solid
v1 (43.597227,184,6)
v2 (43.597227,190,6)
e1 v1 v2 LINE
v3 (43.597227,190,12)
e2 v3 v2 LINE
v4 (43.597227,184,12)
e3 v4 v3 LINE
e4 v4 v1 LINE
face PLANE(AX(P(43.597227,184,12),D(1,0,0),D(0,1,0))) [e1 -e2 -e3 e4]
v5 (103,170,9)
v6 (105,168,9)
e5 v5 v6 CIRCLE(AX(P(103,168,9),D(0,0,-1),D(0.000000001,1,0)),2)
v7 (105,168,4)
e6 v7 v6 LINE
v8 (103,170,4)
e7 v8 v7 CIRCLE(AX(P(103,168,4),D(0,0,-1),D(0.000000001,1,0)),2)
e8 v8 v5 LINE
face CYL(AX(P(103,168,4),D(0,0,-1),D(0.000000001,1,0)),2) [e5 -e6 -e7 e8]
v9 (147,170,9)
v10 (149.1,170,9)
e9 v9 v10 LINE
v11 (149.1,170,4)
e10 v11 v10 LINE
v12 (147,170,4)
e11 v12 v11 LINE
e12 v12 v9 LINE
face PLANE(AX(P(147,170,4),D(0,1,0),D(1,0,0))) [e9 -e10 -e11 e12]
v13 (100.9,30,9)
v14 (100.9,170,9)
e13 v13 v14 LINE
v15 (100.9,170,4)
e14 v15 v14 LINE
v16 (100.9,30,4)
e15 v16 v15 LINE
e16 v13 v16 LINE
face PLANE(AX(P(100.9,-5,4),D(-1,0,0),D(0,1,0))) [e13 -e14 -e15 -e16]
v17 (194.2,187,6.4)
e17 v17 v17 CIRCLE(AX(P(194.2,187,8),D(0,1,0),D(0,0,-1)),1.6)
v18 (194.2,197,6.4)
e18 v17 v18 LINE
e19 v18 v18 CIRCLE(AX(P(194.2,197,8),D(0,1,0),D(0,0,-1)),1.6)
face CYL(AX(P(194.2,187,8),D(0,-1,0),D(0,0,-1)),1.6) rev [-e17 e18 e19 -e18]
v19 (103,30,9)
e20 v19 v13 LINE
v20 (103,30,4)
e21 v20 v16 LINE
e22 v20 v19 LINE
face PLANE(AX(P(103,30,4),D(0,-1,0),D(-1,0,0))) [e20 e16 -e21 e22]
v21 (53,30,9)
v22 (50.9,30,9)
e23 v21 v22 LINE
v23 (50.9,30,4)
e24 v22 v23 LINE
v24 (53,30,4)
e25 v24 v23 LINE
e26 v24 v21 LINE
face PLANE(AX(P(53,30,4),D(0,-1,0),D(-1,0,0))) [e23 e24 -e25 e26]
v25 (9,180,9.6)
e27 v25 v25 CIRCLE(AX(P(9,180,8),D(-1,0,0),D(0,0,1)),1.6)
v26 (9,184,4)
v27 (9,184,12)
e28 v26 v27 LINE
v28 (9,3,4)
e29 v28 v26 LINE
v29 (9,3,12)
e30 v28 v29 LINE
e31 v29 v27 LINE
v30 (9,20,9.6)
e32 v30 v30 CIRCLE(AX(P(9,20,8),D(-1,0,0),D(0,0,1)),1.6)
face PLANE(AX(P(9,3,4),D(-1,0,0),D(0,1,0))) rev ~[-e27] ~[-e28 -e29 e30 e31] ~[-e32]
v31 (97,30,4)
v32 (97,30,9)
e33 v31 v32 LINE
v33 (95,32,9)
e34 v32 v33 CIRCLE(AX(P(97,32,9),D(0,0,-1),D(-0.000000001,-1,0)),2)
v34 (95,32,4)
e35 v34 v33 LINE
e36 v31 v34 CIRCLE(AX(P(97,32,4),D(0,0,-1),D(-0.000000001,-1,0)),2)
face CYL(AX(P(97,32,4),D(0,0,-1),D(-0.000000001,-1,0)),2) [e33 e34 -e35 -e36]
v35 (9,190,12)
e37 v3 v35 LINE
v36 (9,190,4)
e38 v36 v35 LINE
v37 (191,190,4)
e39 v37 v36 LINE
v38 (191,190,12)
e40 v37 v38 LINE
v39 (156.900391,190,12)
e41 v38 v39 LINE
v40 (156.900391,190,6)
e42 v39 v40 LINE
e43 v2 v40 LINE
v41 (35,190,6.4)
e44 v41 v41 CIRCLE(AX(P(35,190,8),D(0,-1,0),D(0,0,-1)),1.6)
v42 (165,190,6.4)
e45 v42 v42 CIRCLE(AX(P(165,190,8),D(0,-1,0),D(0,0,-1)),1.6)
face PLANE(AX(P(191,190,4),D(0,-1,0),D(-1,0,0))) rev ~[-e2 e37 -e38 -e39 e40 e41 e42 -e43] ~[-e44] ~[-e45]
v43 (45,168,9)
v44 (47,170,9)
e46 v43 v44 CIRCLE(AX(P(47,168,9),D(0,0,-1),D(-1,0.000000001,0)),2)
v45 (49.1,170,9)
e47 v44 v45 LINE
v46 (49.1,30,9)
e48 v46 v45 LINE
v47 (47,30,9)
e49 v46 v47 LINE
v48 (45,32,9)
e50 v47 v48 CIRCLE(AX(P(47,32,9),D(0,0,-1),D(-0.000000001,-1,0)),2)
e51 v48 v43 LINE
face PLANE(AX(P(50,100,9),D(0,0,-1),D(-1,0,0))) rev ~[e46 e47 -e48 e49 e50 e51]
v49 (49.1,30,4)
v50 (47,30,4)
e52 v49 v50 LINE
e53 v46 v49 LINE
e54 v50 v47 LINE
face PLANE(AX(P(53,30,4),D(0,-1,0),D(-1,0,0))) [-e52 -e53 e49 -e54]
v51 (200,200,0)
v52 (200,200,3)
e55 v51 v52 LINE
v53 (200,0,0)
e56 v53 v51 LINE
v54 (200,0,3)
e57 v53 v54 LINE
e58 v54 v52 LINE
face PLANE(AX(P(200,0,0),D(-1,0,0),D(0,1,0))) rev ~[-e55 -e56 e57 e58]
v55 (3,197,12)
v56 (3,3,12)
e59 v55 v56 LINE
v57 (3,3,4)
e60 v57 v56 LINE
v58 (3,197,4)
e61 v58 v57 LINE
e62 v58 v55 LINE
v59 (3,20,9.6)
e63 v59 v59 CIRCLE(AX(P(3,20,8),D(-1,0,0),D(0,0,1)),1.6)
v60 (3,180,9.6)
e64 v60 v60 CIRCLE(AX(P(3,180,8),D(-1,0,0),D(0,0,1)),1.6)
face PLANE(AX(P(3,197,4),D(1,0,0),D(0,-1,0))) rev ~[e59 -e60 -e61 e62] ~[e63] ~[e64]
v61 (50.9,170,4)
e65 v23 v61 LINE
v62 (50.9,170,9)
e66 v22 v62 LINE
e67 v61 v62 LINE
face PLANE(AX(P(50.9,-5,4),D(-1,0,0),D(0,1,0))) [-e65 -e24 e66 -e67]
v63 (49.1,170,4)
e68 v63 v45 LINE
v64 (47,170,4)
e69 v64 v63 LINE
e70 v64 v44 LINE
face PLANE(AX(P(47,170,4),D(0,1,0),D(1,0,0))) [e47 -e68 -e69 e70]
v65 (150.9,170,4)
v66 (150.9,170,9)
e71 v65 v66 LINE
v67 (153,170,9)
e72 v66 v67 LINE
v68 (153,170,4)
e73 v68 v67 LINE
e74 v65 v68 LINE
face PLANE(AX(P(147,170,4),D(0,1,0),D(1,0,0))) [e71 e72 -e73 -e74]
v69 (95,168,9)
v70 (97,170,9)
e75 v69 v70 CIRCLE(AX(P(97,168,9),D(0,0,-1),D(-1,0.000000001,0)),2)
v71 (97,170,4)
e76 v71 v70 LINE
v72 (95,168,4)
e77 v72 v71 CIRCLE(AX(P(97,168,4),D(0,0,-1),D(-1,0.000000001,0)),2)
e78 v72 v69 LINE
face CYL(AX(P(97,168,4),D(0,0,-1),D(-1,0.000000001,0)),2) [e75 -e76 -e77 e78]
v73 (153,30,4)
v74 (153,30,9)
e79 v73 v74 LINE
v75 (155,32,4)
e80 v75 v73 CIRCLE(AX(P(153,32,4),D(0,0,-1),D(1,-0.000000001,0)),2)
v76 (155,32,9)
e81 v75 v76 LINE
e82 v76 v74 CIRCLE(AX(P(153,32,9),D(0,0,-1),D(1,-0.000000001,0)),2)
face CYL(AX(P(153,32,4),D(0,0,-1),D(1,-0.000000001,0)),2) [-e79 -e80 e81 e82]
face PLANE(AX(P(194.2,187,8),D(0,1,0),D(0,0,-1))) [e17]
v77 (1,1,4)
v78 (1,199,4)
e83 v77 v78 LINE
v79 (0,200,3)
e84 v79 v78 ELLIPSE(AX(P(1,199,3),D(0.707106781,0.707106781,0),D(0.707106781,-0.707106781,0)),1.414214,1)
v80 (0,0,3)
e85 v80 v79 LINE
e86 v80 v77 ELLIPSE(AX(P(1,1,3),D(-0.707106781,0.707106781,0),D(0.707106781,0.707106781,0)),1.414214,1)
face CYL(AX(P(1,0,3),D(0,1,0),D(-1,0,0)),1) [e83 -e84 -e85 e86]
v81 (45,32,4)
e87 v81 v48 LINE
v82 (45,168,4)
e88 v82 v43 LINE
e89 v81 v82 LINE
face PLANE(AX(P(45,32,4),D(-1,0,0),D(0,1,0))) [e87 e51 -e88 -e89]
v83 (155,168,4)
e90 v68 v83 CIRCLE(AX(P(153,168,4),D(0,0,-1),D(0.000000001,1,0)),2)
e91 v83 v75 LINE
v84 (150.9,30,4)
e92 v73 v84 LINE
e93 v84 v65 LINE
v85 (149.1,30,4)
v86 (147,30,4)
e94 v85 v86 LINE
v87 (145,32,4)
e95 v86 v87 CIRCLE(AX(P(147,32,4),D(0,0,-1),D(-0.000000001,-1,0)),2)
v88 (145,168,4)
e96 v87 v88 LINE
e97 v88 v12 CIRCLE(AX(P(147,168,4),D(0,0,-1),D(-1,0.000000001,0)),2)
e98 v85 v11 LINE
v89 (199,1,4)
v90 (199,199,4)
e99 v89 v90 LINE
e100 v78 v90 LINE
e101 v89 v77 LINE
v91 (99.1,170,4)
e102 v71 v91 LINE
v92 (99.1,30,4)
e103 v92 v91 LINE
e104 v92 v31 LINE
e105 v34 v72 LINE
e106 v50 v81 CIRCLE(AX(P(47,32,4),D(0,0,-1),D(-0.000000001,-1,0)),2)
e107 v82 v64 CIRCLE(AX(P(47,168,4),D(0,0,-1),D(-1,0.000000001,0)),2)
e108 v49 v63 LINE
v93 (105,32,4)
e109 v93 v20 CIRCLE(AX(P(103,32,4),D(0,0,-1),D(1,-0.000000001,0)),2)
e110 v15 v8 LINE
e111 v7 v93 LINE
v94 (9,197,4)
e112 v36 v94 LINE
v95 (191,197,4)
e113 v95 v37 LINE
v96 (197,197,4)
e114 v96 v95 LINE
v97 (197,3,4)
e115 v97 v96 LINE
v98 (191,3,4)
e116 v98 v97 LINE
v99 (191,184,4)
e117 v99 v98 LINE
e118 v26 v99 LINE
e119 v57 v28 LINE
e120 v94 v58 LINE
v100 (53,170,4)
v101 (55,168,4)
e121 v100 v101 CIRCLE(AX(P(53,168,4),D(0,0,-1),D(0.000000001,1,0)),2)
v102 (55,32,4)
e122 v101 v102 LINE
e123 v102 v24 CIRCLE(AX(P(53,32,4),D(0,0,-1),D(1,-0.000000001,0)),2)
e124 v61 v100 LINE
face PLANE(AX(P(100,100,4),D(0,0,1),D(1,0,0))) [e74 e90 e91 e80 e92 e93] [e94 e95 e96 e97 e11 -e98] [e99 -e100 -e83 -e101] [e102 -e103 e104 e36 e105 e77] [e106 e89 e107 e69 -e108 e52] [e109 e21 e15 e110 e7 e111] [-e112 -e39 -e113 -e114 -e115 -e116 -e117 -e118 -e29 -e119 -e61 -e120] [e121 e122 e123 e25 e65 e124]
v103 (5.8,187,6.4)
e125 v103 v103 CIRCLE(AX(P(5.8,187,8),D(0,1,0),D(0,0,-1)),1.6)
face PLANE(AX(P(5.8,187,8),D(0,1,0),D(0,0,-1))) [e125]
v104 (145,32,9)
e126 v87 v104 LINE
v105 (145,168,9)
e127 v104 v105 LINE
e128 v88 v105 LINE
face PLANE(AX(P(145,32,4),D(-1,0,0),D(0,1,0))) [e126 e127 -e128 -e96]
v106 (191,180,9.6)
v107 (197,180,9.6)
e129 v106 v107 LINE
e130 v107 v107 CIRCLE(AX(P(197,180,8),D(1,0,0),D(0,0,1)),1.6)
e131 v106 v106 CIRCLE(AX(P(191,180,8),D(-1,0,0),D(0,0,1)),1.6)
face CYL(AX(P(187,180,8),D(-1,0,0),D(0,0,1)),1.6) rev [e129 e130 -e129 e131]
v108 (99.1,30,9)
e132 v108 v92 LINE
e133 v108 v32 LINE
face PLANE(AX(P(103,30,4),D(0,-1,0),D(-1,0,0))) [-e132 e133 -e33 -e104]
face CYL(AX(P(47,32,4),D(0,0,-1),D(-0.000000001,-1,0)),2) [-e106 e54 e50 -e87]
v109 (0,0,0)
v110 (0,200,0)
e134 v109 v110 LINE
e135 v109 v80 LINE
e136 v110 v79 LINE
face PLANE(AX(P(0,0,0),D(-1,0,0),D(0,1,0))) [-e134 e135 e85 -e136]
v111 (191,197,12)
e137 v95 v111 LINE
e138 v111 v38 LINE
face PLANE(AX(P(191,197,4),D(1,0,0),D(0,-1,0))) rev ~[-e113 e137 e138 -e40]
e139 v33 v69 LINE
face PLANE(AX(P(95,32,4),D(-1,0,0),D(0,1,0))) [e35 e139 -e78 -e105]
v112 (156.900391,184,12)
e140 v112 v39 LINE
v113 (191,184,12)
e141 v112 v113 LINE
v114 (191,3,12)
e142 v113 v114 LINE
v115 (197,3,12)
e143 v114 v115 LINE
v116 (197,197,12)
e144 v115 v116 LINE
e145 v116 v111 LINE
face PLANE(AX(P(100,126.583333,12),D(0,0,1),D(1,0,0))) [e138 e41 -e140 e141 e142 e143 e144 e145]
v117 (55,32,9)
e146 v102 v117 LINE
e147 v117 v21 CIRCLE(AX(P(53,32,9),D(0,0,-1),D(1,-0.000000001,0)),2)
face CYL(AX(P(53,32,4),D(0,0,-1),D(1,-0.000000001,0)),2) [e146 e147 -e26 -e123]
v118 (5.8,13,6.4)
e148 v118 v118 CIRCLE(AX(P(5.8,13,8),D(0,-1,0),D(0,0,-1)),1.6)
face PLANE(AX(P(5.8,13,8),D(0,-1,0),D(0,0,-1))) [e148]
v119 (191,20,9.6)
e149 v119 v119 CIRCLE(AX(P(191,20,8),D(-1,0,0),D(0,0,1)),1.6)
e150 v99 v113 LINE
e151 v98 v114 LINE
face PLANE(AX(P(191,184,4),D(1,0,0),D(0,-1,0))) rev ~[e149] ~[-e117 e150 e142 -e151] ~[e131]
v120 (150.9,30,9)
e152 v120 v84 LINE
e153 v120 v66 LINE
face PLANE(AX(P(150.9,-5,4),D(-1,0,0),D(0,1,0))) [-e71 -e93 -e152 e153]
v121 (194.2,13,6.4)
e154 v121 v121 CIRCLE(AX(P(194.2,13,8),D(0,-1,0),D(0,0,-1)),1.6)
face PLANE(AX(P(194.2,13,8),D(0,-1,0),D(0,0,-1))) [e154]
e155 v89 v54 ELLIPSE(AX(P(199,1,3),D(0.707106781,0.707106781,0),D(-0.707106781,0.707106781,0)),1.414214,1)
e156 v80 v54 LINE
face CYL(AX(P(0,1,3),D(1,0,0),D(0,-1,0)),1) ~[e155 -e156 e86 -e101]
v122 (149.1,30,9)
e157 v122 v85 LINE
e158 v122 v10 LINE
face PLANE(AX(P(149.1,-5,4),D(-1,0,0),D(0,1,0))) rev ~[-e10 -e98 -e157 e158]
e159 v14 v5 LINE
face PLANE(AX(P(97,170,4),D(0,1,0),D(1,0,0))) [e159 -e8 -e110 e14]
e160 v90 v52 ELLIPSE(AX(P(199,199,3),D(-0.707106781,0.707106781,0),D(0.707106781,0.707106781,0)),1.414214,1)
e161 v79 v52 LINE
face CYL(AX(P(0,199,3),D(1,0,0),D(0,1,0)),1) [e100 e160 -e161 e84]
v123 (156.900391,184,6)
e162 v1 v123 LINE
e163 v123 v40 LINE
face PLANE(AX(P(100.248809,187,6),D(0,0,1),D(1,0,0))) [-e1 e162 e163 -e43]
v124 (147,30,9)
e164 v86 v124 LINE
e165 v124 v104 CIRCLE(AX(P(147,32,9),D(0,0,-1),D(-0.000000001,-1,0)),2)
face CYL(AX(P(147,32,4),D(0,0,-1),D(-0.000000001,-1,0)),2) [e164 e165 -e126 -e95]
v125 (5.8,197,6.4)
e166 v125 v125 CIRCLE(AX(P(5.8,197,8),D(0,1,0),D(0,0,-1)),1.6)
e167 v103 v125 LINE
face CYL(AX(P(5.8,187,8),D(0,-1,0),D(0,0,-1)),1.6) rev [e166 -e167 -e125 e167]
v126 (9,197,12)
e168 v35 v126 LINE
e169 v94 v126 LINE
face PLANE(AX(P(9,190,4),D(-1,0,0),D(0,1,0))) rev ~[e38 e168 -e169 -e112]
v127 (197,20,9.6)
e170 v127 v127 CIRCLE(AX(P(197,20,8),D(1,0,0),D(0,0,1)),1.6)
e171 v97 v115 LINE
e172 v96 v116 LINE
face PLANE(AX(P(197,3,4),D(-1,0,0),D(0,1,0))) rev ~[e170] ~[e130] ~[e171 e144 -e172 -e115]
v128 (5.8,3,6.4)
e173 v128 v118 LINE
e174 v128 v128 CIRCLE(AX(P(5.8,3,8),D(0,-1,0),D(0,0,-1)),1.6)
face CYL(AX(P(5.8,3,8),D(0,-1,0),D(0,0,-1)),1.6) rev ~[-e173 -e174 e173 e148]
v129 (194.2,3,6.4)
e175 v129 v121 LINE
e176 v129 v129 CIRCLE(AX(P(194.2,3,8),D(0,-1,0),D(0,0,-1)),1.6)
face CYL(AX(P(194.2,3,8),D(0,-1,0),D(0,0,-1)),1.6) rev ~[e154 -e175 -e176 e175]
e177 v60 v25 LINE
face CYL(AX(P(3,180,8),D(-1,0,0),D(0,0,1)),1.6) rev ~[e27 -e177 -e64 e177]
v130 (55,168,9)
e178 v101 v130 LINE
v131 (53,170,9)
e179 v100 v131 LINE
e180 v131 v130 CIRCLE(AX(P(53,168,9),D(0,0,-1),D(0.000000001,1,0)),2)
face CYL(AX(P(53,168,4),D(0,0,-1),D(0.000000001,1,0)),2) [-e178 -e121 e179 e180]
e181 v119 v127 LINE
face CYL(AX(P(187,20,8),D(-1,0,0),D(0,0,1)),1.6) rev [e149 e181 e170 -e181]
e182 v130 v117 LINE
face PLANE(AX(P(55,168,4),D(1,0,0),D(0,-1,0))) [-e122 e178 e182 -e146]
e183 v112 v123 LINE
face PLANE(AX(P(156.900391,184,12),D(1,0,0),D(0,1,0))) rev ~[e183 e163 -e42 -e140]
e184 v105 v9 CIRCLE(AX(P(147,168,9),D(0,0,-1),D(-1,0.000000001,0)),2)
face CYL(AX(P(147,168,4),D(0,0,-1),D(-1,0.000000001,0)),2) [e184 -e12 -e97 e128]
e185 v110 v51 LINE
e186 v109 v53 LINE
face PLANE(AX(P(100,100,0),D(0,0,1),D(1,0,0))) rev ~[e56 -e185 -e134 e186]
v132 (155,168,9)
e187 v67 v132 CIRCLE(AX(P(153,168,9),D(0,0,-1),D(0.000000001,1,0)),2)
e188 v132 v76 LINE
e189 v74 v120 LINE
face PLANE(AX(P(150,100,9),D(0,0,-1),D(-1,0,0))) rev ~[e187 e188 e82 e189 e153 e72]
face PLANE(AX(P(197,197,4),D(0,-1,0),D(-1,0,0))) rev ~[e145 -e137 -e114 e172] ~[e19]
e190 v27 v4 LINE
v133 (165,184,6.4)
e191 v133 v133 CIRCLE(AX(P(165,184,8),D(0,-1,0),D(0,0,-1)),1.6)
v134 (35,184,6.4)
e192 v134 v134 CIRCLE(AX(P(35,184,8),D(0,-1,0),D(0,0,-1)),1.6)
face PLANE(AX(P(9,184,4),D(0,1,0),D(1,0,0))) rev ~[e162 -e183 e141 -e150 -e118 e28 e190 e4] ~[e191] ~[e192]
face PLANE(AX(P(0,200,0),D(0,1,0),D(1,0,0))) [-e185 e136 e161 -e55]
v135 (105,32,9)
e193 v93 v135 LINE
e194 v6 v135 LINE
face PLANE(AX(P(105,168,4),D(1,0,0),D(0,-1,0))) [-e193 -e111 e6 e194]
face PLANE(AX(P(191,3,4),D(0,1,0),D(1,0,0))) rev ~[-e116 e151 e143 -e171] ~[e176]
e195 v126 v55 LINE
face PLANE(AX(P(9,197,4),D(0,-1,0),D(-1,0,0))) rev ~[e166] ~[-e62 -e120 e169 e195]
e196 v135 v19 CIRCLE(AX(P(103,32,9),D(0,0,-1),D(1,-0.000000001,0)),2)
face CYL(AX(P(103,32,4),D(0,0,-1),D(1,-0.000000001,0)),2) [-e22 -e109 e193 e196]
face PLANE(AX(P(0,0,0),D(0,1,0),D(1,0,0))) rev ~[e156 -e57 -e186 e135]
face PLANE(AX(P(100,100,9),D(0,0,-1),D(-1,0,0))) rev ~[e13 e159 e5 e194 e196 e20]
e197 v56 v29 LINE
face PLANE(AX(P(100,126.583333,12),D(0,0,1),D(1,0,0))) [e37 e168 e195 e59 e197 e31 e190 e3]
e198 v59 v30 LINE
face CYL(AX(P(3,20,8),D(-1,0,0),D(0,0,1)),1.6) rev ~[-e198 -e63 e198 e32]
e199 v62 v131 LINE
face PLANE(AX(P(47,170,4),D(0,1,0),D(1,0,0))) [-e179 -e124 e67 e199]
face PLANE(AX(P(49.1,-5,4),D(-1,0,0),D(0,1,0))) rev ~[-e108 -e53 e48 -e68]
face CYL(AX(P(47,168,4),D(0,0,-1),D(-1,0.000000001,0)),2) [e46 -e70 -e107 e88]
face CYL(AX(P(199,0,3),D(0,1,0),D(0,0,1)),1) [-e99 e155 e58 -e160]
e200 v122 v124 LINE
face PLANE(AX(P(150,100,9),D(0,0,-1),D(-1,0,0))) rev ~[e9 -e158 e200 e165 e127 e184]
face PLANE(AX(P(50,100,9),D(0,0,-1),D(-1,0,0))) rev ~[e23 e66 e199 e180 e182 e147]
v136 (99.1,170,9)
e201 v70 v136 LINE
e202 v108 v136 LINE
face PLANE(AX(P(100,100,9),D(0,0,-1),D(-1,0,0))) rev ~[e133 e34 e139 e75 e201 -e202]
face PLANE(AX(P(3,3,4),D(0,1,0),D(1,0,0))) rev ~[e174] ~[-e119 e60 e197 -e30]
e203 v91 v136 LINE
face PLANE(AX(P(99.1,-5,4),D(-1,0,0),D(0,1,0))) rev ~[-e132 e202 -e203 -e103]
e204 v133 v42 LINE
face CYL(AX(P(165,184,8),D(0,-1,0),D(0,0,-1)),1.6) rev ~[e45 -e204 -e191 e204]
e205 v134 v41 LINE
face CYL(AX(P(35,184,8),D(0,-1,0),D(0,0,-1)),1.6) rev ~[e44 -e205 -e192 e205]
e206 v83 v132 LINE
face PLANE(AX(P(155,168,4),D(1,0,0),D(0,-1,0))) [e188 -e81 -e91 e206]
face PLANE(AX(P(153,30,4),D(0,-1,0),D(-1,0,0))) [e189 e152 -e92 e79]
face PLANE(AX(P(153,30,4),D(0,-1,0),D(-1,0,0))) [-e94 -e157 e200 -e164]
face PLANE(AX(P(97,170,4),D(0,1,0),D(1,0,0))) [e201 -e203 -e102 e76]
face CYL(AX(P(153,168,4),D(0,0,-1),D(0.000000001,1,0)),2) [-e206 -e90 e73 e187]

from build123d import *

# Parameters (mm, degrees)
ESQUISSE1_W                 = 200
ESQUISSE1_H                 = 200
BOSS_EXTRU_PAROIE_DEPTH     = 4
BOSS_EXTRU_BORDS_DEPTH      = 8
BOSS_EXTRU_GLISSIERES_DEPTH = 5
CONG_1_R                    = 1
ESQUISSE8_W                 = 1.8
ESQUISSE8_H                 = 180
ENL_V_MAT_EXTRU_6_DEPTH     = 283.955826941
ESQUISSE5_R                 = 1.6
ENL_V_MAT_EXTRU_2_DEPTH     = 10
ENL_V_START                 = -10
ESQUISSE6_R                 = 1.6
ENL_V_MAT_EXTRU_3_DEPTH     = 10
ESQUISSE7_R                 = 1.6
ENL_V_MAT_EXTRU_4_DEPTH     = 10
ESQUISSE10_R                = 1.6
ENL_V_MAT_EXTRU_8_DEPTH     = 10
ESQUISSE11_W                = 113.303164178
ESQUISSE11_H                = 6
ENL_V_MAT_EXTRU_9_DEPTH     = 6
ESQUISSE9_R                 = 1.6
ENL_V_MAT_EXTRU_10_DEPTH    = 10


with BuildPart() as part:
    # Esquisse1 → Boss.-Extru. Paroie (new body)
    with BuildSketch(Plane.XY):
        with Locations((100, 100)):
            Rectangle(ESQUISSE1_W, ESQUISSE1_H)
    extrude(amount=BOSS_EXTRU_PAROIE_DEPTH)

    # Esquisse4 → Boss.-Extru. Bords (add)
    with BuildSketch(Plane.XY.offset(4)):
        Polygon((3, 3), (9, 3), (9, 184), (191, 184), (191, 3), (197, 3), (197, 197), (191, 197), (191, 190), (9, 190), (9, 197), (3, 197), align=None)
    extrude(amount=BOSS_EXTRU_BORDS_DEPTH)

    # Esquisse2 → Boss.-Extru. Glissieres (add)
    with BuildSketch(Plane.XY.offset(4)):
        with BuildLine():
            Line((47, 170), (53, 170))
            ThreePointArc((53, 170), (54.414213562, 169.414213562), (55, 168))
            Line((55, 168), (55, 32))
            ThreePointArc((55, 32), (54.414213562, 30.585786438), (53, 30))
            Line((53, 30), (47, 30))
            ThreePointArc((47, 30), (45.585786438, 30.585786438), (45, 32))
            Line((45, 32), (45, 168))
            ThreePointArc((45, 168), (45.585786438, 169.414213562), (47, 170))
        make_face()
        with BuildLine():
            Line((97, 170), (103, 170))
            ThreePointArc((103, 170), (104.414213562, 169.414213562), (105, 168))
            Line((105, 168), (105, 32))
            ThreePointArc((105, 32), (104.414213562, 30.585786438), (103, 30))
            Line((103, 30), (97, 30))
            ThreePointArc((97, 30), (95.585786438, 30.585786438), (95, 32))
            Line((95, 32), (95, 168))
            ThreePointArc((95, 168), (95.585786438, 169.414213562), (97, 170))
        make_face()
        with BuildLine():
            Line((147, 170), (153, 170))
            ThreePointArc((153, 170), (154.414213562, 169.414213562), (155, 168))
            Line((155, 168), (155, 32))
            ThreePointArc((155, 32), (154.414213562, 30.585786438), (153, 30))
            Line((153, 30), (147, 30))
            ThreePointArc((147, 30), (145.585786438, 30.585786438), (145, 32))
            Line((145, 32), (145, 168))
            ThreePointArc((145, 168), (145.585786438, 169.414213562), (147, 170))
        make_face()
    extrude(amount=BOSS_EXTRU_GLISSIERES_DEPTH)

    # Congé1
    cong_1_edges = [part.edges().sort_by_distance(p)[0] for p in [
        (200, 100, 4),
        (100, 200, 4),
        (0, 100, 4),
        (100, 0, 4),
    ]]
    fillet(cong_1_edges, radius=CONG_1_R)

    # Esquisse8 → Enlèv. mat.-Extru.6 (cut, through all)
    with BuildSketch(Plane.XY.offset(4)):
        with Locations((100, 85)):
            Rectangle(ESQUISSE8_W, ESQUISSE8_H)
        with Locations((150, 85)):
            Rectangle(ESQUISSE8_W, ESQUISSE8_H)
        with Locations((50, 85)):
            Rectangle(ESQUISSE8_W, ESQUISSE8_H)
    extrude(amount=ENL_V_MAT_EXTRU_6_DEPTH, mode=Mode.SUBTRACT)

    # Esquisse5 → Enlèv. mat.-Extru.2 (cut)
    with BuildSketch(Plane.ZY.offset(-3)):
        with Locations((8, 180)):
            Circle(ESQUISSE5_R)
        with Locations((8, 20)):
            Circle(ESQUISSE5_R)
    extrude(amount=-ENL_V_MAT_EXTRU_2_DEPTH, mode=Mode.SUBTRACT)

    # Esquisse6 → Enlèv. mat.-Extru.3 (cut)
    with BuildSketch(Plane(origin=(197, 0, 0), x_dir=(0, 0, -1), z_dir=(1, 0, 0)).offset(ENL_V_START)):
        with Locations(Location((-8, 180, 0), (0, 0, 180))):
            Circle(ESQUISSE6_R)
        with Locations(Location((-8, 20, 0), (0, 0, 180))):
            Circle(ESQUISSE6_R)
    extrude(amount=ENL_V_MAT_EXTRU_3_DEPTH, mode=Mode.SUBTRACT)

    # Esquisse7 → Enlèv. mat.-Extru.4 (cut)
    with BuildSketch(Plane.XZ.offset(-184)):
        with Locations(Location((35, 8, 0), (0, 0, 270))):
            Circle(ESQUISSE7_R)
        with Locations(Location((165, 8, 0), (0, 0, 270))):
            Circle(ESQUISSE7_R)
    extrude(amount=-ENL_V_MAT_EXTRU_4_DEPTH, mode=Mode.SUBTRACT)

    # Esquisse10 → Enlèv. mat.-Extru.8 (cut)
    with BuildSketch(Plane(origin=(0, 3, 0), x_dir=(-1, 0, 0), z_dir=(0, -1, 0))):
        with Locations(Location((-194.2, -8, 0), (0, 0, 90))):
            Circle(ESQUISSE10_R)
        with Locations(Location((-5.8, -8, 0), (0, 0, 90))):
            Circle(ESQUISSE10_R)
    extrude(amount=-ENL_V_MAT_EXTRU_8_DEPTH, mode=Mode.SUBTRACT)

    # Esquisse11 → Enlèv. mat.-Extru.9 (cut)
    with BuildSketch(Plane.XY.offset(12)):
        with Locations((100.248809194, 187)):
            Rectangle(ESQUISSE11_W, ESQUISSE11_H)
    extrude(amount=-ENL_V_MAT_EXTRU_9_DEPTH, mode=Mode.SUBTRACT)

    # Esquisse9 → Enlèv. mat.-Extru.10 (cut)
    with BuildSketch(Plane(origin=(0, 197, 0), x_dir=(1, 0, 0), z_dir=(0, 1, 0)).offset(ENL_V_START)):
        with Locations(Location((194.2, -8, 0), (0, 0, 90))):
            Circle(ESQUISSE9_R)
        with Locations(Location((5.8, -8, 0), (0, 0, 90))):
            Circle(ESQUISSE9_R)
    extrude(amount=ENL_V_MAT_EXTRU_10_DEPTH, mode=Mode.SUBTRACT)


solid = part.part
